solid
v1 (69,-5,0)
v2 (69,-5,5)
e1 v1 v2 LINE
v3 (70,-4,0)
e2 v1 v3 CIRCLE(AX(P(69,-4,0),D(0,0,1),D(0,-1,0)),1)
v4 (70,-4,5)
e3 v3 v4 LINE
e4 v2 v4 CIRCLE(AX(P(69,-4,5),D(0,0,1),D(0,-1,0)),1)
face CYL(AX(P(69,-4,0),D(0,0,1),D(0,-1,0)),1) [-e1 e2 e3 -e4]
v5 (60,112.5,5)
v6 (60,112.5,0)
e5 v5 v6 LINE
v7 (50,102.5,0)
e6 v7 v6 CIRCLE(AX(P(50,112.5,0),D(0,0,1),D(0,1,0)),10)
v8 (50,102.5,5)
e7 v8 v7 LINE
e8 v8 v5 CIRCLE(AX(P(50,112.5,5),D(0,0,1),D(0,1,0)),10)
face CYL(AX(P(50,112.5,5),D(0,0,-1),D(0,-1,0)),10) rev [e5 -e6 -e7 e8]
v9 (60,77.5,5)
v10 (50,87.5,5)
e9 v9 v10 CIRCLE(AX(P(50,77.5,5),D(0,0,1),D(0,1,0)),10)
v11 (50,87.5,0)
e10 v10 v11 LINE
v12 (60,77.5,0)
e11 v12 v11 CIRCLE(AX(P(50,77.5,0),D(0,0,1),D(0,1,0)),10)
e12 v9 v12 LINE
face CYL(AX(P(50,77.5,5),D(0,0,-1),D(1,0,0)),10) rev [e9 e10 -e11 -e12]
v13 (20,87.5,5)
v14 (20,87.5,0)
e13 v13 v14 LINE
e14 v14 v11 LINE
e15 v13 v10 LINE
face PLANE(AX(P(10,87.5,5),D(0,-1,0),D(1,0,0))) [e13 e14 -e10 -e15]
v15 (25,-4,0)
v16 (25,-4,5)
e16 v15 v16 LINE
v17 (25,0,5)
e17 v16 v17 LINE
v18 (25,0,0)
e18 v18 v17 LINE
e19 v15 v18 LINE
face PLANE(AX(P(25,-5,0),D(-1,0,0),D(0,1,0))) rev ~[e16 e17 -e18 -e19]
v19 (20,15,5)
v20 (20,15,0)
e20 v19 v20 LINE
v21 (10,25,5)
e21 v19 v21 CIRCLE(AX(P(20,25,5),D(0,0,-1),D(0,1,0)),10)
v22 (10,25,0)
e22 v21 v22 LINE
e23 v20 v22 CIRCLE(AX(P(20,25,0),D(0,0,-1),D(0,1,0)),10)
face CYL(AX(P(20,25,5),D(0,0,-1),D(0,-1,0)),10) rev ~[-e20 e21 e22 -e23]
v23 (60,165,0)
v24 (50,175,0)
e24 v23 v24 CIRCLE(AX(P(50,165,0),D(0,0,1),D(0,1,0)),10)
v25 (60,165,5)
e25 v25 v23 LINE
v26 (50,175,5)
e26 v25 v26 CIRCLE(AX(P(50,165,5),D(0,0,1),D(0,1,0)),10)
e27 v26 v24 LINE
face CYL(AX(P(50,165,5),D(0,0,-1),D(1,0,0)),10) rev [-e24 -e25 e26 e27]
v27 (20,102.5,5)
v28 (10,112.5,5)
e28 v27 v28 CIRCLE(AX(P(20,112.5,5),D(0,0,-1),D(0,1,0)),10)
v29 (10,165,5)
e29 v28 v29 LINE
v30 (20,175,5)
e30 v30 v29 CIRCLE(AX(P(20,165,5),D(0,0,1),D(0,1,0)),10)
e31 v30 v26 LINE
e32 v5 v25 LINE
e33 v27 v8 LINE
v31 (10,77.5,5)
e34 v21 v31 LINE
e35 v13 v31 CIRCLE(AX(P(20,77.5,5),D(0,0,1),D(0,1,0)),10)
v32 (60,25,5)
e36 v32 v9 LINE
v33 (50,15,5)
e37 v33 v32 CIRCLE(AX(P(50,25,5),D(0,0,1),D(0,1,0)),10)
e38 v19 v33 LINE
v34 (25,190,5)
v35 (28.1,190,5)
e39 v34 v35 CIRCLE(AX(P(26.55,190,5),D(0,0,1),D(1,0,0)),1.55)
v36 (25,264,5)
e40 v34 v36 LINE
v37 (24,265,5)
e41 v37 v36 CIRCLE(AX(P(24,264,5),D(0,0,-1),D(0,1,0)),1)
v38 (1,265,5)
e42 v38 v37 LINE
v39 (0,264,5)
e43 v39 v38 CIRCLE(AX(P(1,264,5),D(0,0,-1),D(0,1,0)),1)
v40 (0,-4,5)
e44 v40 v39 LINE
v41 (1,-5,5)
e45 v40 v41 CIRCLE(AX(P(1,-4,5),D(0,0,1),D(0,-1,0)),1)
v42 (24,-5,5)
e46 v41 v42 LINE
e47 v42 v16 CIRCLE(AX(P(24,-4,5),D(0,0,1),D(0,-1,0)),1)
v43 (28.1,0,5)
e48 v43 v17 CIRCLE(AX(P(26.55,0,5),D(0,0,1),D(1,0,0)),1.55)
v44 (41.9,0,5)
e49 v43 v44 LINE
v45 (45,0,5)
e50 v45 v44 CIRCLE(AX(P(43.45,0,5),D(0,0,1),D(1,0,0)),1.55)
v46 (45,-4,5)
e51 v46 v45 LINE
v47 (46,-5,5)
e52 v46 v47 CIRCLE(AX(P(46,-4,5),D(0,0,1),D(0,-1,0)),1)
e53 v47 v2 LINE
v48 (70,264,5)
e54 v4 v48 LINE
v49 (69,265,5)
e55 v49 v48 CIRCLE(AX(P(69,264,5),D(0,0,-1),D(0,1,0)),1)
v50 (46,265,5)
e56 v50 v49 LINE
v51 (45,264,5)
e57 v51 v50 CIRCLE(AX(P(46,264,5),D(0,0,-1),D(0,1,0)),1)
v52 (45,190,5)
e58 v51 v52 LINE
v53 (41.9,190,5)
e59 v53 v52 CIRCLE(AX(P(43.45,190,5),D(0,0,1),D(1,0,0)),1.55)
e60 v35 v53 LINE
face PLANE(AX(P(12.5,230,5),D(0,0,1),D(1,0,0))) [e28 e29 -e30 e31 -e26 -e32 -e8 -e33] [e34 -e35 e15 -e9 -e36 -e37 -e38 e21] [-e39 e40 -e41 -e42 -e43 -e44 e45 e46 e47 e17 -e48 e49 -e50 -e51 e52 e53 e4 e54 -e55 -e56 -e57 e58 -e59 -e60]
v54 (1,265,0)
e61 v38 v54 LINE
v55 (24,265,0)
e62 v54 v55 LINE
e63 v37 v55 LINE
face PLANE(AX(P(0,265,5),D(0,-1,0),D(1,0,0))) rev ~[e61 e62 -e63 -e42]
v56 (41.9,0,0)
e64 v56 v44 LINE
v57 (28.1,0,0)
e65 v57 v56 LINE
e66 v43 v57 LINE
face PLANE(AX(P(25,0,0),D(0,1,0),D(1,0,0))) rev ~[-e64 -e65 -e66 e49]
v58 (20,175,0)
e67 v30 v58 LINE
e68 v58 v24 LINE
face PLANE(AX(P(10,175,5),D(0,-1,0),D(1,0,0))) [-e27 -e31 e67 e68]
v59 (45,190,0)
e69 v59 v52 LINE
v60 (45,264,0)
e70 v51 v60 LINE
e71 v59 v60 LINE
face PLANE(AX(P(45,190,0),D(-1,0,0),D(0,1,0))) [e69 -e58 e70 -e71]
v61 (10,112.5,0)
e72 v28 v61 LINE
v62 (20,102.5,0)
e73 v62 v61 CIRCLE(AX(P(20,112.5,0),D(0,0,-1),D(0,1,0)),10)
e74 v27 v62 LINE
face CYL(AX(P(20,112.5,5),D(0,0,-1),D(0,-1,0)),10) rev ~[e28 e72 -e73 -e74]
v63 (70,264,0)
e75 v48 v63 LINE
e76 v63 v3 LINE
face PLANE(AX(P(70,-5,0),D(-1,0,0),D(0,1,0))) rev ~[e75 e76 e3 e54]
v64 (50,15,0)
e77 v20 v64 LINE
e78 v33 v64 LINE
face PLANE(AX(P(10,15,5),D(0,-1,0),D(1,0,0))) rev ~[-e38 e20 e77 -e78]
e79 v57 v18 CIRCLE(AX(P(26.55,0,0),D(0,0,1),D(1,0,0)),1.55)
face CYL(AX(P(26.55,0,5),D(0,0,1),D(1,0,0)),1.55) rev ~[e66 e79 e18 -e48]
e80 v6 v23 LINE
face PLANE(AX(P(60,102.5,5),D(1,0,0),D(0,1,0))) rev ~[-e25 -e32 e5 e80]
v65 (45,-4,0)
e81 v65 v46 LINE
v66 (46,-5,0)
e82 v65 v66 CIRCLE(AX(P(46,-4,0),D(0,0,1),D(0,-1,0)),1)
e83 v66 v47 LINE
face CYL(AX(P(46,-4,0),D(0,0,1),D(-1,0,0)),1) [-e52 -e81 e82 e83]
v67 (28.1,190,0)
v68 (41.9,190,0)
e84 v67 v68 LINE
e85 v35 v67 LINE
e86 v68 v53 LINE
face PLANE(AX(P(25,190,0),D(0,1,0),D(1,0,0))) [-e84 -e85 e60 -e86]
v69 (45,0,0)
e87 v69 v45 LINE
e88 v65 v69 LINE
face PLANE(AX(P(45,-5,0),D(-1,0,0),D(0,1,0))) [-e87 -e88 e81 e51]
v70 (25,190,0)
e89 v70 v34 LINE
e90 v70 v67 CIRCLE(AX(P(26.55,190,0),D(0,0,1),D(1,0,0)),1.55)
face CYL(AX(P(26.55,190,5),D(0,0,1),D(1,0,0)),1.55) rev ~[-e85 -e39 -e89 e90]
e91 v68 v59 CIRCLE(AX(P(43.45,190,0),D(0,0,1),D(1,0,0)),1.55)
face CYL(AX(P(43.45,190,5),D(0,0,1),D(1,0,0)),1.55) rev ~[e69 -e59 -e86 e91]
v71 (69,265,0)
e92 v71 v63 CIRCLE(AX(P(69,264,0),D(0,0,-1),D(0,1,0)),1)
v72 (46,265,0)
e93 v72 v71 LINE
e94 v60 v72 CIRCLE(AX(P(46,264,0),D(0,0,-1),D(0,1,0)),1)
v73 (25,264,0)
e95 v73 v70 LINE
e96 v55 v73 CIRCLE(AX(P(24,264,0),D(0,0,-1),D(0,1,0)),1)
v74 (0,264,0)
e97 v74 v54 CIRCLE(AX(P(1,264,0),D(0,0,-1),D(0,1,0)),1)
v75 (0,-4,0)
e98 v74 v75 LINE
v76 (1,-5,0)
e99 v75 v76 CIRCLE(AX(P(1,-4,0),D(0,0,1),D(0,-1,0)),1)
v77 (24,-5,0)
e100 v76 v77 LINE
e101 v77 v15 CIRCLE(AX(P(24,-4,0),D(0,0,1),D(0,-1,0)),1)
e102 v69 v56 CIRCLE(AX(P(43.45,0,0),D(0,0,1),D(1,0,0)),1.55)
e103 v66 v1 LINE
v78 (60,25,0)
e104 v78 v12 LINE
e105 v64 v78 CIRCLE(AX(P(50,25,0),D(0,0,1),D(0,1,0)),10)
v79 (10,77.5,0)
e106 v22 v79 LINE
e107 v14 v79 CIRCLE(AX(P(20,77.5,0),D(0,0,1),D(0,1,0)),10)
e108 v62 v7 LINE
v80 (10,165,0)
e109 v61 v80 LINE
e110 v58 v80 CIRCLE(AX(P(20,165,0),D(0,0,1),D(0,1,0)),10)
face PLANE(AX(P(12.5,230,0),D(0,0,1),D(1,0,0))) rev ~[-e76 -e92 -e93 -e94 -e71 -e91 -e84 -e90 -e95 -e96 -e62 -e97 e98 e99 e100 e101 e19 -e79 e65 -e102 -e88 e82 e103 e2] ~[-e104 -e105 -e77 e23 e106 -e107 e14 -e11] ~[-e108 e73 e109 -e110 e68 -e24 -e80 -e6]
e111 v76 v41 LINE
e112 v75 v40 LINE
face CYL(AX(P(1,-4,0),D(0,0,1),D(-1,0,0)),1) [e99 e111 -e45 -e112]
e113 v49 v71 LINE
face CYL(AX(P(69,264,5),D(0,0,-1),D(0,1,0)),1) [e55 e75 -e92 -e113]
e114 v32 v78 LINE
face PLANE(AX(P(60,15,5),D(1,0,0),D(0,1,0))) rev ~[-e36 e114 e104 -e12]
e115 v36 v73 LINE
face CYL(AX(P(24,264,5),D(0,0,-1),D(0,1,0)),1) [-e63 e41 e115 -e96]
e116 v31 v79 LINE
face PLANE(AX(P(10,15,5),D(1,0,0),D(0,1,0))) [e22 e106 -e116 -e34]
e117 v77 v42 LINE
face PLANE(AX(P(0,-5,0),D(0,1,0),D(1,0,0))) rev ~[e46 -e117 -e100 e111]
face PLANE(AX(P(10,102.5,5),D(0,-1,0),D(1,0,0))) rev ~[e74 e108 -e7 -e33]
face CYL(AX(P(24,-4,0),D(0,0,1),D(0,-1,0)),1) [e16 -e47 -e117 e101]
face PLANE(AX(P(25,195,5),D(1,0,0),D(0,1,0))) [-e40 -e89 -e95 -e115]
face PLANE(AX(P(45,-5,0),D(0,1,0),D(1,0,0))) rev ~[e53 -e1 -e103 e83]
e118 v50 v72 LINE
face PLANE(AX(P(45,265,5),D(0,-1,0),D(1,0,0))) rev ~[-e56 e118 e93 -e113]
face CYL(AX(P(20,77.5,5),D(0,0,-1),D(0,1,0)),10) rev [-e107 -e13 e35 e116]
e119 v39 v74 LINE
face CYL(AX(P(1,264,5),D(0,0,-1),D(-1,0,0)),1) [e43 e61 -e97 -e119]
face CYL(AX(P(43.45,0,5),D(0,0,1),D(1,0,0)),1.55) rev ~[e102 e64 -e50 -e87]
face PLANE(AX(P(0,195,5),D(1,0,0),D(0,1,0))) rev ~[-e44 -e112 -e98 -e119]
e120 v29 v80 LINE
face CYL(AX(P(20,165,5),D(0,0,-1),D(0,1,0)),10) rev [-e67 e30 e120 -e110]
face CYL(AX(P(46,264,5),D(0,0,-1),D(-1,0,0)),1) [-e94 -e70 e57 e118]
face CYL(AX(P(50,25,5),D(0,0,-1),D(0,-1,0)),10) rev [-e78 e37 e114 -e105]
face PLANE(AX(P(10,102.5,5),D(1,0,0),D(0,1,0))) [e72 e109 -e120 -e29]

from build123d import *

# Parameters (mm, degrees)
SKETCH_1_W          = 25
SKETCH_1_H          = 5
SKETCH_1_W_2        = 70
SKETCH_1_H_2        = 190
EXTRUDE_1_DEPTH     = 5
SKETCH_2_R          = 1.55
CUT_EXTRUDE_1_DEPTH = 5
SKETCH_3_W          = 25
SKETCH_3_H          = 70
EXTRUDE_2_DEPTH     = 5
SKETCH_4_W          = 50
SKETCH_4_H          = 72.5
CUT_EXTRUDE_2_DEPTH = 5
FILLET_1_R          = 10
FILLET_2_R          = 1


with BuildPart() as part:
    # 草图1 → 凸台-拉伸1 (new body)
    with BuildSketch(Plane.XY):
        with Locations((57.5, 192.5)):
            Rectangle(SKETCH_1_W, SKETCH_1_H)
        with Locations((35, 95)):
            Rectangle(SKETCH_1_W_2, SKETCH_1_H_2)
        with Locations((12.5, 192.5)):
            Rectangle(SKETCH_1_W, SKETCH_1_H)
        with Locations((57.5, -2.5)):
            Rectangle(SKETCH_1_W, SKETCH_1_H)
        with Locations((12.5, -2.5)):
            Rectangle(SKETCH_1_W, SKETCH_1_H)
    extrude(amount=EXTRUDE_1_DEPTH)

    # 草图2 → 切除-拉伸1 (cut)
    with BuildSketch(Plane.XY.offset(5)):
        with Locations((43.45, 0)):
            Circle(SKETCH_2_R)
        with Locations((26.55, 0)):
            Circle(SKETCH_2_R)
        with Locations((43.45, 190)):
            Circle(SKETCH_2_R)
        with Locations((26.55, 190)):
            Circle(SKETCH_2_R)
    extrude(amount=-CUT_EXTRUDE_1_DEPTH, mode=Mode.SUBTRACT)

    # 草图3 → 凸台-拉伸2 (add)
    with BuildSketch(Plane.XY.offset(5)):
        with Locations((12.5, 230)):
            Rectangle(SKETCH_3_W, SKETCH_3_H)
        with Locations((57.5, 230)):
            Rectangle(SKETCH_3_W, SKETCH_3_H)
    extrude(amount=-EXTRUDE_2_DEPTH)

    # 草图4 → 切除-拉伸2 (cut)
    with BuildSketch(Plane.XY.offset(5)):
        with Locations((35, 138.75)):
            Rectangle(SKETCH_4_W, SKETCH_4_H)
        with Locations((35, 51.25)):
            Rectangle(SKETCH_4_W, SKETCH_4_H)
    extrude(amount=-CUT_EXTRUDE_2_DEPTH, mode=Mode.SUBTRACT)

    # 圆角1
    fillet_1_edges = [part.edges().sort_by_distance(p)[0] for p in [
        (10, 15, 2.5),
        (10, 87.5, 2.5),
        (60, 87.5, 2.5),
        (60, 15, 2.5),
        (60, 102.5, 2.5),
        (10, 102.5, 2.5),
        (10, 175, 2.5),
        (60, 175, 2.5),
    ]]
    fillet(fillet_1_edges, radius=FILLET_1_R)

    # 圆角2
    fillet_2_edges = [part.edges().sort_by_distance(p)[0] for p in [
        (70, -5, 2.5),
        (45, -5, 2.5),
        (25, -5, 2.5),
        (0, -5, 2.5),
        (25, 265, 2.5),
        (0, 265, 2.5),
        (70, 265, 2.5),
        (45, 265, 2.5),
    ]]
    fillet(fillet_2_edges, radius=FILLET_2_R)


solid = part.part
